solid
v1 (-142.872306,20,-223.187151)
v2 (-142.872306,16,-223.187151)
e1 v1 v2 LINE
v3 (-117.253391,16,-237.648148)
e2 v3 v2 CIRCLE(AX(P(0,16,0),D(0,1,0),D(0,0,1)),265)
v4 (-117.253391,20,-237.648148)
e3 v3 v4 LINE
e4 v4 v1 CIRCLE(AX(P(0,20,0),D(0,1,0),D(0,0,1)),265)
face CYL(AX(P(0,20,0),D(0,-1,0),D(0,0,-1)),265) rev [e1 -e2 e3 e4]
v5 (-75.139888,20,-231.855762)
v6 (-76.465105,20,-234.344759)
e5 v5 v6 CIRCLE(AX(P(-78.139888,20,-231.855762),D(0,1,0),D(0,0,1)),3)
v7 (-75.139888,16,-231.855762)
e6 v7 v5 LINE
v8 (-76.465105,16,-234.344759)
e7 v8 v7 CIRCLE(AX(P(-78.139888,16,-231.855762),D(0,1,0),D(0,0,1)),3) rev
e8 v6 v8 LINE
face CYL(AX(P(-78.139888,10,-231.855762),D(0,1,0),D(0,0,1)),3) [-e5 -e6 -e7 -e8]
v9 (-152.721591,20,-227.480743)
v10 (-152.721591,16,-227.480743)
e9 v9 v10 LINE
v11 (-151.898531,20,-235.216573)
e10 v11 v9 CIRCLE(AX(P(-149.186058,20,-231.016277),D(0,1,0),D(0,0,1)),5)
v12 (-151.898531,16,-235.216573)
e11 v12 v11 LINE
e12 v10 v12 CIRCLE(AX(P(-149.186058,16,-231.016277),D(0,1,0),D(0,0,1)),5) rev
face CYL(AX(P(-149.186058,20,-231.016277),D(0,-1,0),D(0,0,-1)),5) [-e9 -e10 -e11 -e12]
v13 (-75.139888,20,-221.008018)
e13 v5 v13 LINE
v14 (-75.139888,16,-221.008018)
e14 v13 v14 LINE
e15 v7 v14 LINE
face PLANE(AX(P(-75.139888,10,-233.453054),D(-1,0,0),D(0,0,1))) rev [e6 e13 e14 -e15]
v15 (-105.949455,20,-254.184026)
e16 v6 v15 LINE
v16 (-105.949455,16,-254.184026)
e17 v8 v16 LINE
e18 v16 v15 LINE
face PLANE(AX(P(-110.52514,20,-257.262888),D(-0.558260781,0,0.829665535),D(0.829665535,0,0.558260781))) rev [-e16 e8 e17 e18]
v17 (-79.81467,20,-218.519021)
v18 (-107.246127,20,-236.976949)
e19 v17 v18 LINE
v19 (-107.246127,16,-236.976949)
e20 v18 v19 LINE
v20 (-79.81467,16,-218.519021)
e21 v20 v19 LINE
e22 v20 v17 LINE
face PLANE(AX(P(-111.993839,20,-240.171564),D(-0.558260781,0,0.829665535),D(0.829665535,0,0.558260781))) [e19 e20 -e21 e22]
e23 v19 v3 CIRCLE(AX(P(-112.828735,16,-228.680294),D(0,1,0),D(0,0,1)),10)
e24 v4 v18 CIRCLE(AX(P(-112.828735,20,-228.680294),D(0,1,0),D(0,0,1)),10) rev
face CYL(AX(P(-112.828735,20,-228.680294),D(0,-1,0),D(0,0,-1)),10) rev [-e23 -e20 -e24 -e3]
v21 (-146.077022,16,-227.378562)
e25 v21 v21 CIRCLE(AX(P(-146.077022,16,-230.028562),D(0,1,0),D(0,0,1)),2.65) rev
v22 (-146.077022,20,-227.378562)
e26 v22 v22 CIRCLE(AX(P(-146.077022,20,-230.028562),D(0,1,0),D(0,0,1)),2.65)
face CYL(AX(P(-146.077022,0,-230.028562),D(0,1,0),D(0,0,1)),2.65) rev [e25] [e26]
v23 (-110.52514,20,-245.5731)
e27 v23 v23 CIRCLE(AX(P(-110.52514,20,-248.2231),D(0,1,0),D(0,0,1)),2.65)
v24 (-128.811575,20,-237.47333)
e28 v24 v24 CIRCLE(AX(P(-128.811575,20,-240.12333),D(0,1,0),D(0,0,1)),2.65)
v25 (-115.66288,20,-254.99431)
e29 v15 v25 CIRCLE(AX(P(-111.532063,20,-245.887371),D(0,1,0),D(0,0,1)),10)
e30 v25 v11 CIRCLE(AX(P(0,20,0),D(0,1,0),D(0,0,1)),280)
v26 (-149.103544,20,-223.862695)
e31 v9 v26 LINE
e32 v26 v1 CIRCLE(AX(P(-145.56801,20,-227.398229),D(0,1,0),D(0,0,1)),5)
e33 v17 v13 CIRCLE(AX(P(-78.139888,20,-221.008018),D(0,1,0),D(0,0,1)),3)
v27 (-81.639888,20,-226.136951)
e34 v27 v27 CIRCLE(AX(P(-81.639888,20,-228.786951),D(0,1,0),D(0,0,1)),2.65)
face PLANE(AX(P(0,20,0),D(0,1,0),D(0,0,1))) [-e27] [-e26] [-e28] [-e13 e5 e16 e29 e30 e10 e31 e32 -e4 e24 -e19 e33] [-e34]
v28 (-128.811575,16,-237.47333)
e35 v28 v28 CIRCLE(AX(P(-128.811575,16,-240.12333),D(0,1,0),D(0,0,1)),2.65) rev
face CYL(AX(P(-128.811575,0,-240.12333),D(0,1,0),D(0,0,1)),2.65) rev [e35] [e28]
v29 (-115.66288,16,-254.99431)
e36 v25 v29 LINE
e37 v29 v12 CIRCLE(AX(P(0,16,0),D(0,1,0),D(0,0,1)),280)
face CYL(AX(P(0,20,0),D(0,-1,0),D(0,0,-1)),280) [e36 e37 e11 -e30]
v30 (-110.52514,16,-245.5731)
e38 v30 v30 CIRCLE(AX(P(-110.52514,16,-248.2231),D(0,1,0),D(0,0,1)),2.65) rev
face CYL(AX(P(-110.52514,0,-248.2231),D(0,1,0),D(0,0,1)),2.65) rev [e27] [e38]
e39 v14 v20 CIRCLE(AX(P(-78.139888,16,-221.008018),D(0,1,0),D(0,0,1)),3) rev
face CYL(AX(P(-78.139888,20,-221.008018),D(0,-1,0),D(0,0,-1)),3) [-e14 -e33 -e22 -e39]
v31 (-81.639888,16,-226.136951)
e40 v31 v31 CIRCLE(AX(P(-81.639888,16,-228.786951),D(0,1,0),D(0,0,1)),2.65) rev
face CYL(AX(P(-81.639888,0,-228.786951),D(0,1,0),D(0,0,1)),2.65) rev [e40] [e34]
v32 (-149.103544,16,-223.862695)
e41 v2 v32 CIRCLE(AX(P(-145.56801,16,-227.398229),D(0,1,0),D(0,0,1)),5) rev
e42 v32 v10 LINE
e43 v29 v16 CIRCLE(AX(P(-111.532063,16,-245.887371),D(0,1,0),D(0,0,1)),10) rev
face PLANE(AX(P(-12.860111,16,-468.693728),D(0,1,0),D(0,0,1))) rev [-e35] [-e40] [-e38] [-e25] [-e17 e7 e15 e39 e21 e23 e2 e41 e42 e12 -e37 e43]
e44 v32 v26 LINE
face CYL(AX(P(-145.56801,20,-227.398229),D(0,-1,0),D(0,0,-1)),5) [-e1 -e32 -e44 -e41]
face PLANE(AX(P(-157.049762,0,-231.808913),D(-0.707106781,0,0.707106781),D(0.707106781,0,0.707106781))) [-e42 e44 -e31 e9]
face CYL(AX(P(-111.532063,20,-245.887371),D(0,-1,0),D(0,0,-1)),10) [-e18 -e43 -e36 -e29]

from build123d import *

# Parameters (mm, degrees)
SKETCH_1_R               = 275
SKETCH_1_R_2             = 255
EXTRUDE_1_DEPTH          = 10
EXTRUDE_2_DEPTH          = 10
SKETCH_8_R               = 2.65
CUT_EXTRUDE_1_DEPTH      = 21
SKETCH_9_OUTSIDE_W       = 707.614
SKETCH_9_OUTSIDE_H       = 707.614
CUT_EXTRUDE_2_DEPTH      = 21
SKETCH_10_W              = 90.654248201
SKETCH_10_H              = 12
CUT_EXTRUDE_3_DEPTH      = 519.420037555
CUT_EXTRUDE_3_DEPTH_BACK = 245.939436413
FILLET_1_R               = 3
FILLET_2_R               = 10
FILLET_3_R               = 5
SKETCH_11_W              = 550
SKETCH_11_H              = 20
CUT_EXTRUDE_4_DEPTH      = 519.420037555
CUT_EXTRUDE_4_DEPTH_BACK = 245.939436413
CUT_EXTRUDE_5_DEPTH      = 11
FILLET_4_R               = 3


with BuildPart() as part:
    # 草图1 → 凸台-拉伸1 (new body)
    with BuildSketch(Plane(origin=(0, 0, 0), x_dir=(1, 0, 0), z_dir=(0, 1, 0))):
        Circle(SKETCH_1_R)
        Circle(SKETCH_1_R_2, mode=Mode.SUBTRACT)
    extrude(amount=EXTRUDE_1_DEPTH)

    # 草图11 → 切除-拉伸4 (cut, two sides)
    with BuildSketch(Plane(origin=(76.33674701, 0, -113.448714652), x_dir=(0.829665535, 0, 0.558260781), z_dir=(-0.558260781, 0, 0.829665535))) as cut_extrude_4_sk:
        Rectangle(SKETCH_11_W, SKETCH_11_H)
    extrude(amount=CUT_EXTRUDE_4_DEPTH, mode=Mode.SUBTRACT)
    extrude(cut_extrude_4_sk.sketch, amount=-CUT_EXTRUDE_4_DEPTH_BACK, mode=Mode.SUBTRACT)


with BuildPart() as body_2:
    # 草图2 → 凸台-拉伸2 (new body)
    with BuildSketch(Plane(origin=(0, 10, 0), x_dir=(1, 0, 0), z_dir=(0, 1, 0))):
        with BuildLine():
            Line((-110.525139894, 257.262887824), (-25.423255477, 200))
            Line((-25.423255477, 200), (0, 200))
            Line((0, 200), (25.423255477, 200))
            Line((25.423255477, 200), (110.525139894, 257.262887824))
            ThreePointArc((110.525139894, 257.262887824), (197.989898732, 197.989898732), (257.262887824, 110.525139894))
            Line((257.262887824, 110.525139894), (200, 25.423255477))
            Line((200, 25.423255477), (200, 0))
            Line((200, 0), (200, -25.423255477))
            Line((200, -25.423255477), (257.262887824, -110.525139894))
            ThreePointArc((257.262887824, -110.525139894), (197.989898732, -197.989898732), (110.525139894, -257.262887824))
            Line((110.525139894, -257.262887824), (25.423255477, -200))
            Line((25.423255477, -200), (0, -200))
            Line((0, -200), (-25.423255477, -200))
            Line((-25.423255477, -200), (-110.525139894, -257.262887824))
            ThreePointArc((-110.525139894, -257.262887824), (-197.989898732, -197.989898732), (-257.262887824, -110.525139894))
            Line((-257.262887824, -110.525139894), (-200, -25.423255477))
            Line((-200, -25.423255477), (-200, 25.423255477))
            Line((-200, 25.423255477), (-257.262887824, 110.525139894))
            ThreePointArc((-257.262887824, 110.525139894), (-197.989898732, 197.989898732), (-110.525139894, 257.262887824))
        make_face()
        with BuildLine():
            Line((0, 185), (30, 185))
            Line((30, 185), (111.993839361, 240.171563565))
            ThreePointArc((111.993839361, 240.171563565), (187.383297014, 187.383297014), (240.171563565, 111.993839361))
            Line((240.171563565, 111.993839361), (185, 30))
            Line((185, 30), (185, 0))
            Line((185, 0), (185, -30))
            Line((185, -30), (240.171563565, -111.993839361))
            ThreePointArc((240.171563565, -111.993839361), (187.383297014, -187.383297014), (111.993839361, -240.171563565))
            Line((111.993839361, -240.171563565), (30, -185))
            Line((30, -185), (0, -185))
            Line((0, -185), (-30, -185))
            Line((-30, -185), (-111.993839361, -240.171563565))
            ThreePointArc((-111.993839361, -240.171563565), (-187.383297014, -187.383297014), (-240.171563565, -111.993839361))
            Line((-240.171563565, -111.993839361), (-185, -30))
            Line((-185, -30), (-185, 30))
            Line((-185, 30), (-240.171563565, 111.993839361))
            ThreePointArc((-240.171563565, 111.993839361), (-187.383297014, 187.383297014), (-111.993839361, 240.171563565))
            Line((-111.993839361, 240.171563565), (-30, 185))
            Line((-30, 185), (0, 185))
        make_face(mode=Mode.SUBTRACT)
    extrude(amount=EXTRUDE_2_DEPTH)

    # 草图8 → 切除-拉伸1 (cut, through all)
    with BuildSketch(Plane(origin=(0, 20, 0), x_dir=(1, 0, 0), z_dir=(0, 1, 0))):
        with Locations((-10, 192.5)):
            Circle(SKETCH_8_R)
        with Locations((10, 192.5)):
            Circle(SKETCH_8_R)
        with Locations((-10, -192.5)):
            Circle(SKETCH_8_R)
        with Locations((10, -192.5)):
            Circle(SKETCH_8_R)
        with Locations((192.5, 10)):
            Circle(SKETCH_8_R)
        with Locations((192.5, -10)):
            Circle(SKETCH_8_R)
        with Locations((-192.5, 10)):
            Circle(SKETCH_8_R)
        with Locations((-192.5, -10)):
            Circle(SKETCH_8_R)
        with Locations((-110.525139894, 248.223100485)):
            Circle(SKETCH_8_R)
        with Locations((-27.711627738, 192.5)):
            Circle(SKETCH_8_R)
        with Locations((-44.304938442, 203.665215623)):
            Circle(SKETCH_8_R)
        with Locations((-56.749921469, 212.03912734)):
            Circle(SKETCH_8_R)
        with Locations((-69.194904497, 220.413039057)):
            Circle(SKETCH_8_R)
        with Locations((-81.639887524, 228.786950774)):
            Circle(SKETCH_8_R)
        with Locations((-146.077022117, 230.028561882)):
            Circle(SKETCH_8_R)
        with Locations((-164.415519771, 217.299729706)):
            Circle(SKETCH_8_R)
        with Locations((-183.638937552, 201.316607082)):
            Circle(SKETCH_8_R)
        with Locations((-201.316607082, 183.638937552)):
            Circle(SKETCH_8_R)
        with Locations((-217.299729706, 164.415519771)):
            Circle(SKETCH_8_R)
        with Locations((-230.028561882, 146.077022117)):
            Circle(SKETCH_8_R)
        with Locations((-128.811575358, 240.123330241)):
            Circle(SKETCH_8_R)
        with Locations((-240.123330241, 128.811575358)):
            Circle(SKETCH_8_R)
        with Locations((-228.786950774, 81.639887524)):
            Circle(SKETCH_8_R)
        with Locations((-220.413039057, 69.194904497)):
            Circle(SKETCH_8_R)
        with Locations((-212.03912734, 56.749921469)):
            Circle(SKETCH_8_R)
        with Locations((-203.665215623, 44.304938442)):
            Circle(SKETCH_8_R)
        with Locations((-192.5, 27.711627738)):
            Circle(SKETCH_8_R)
        with Locations((-248.223100485, 110.525139894)):
            Circle(SKETCH_8_R)
        with Locations((192.5, 27.711627738)):
            Circle(SKETCH_8_R)
        with Locations((248.223100485, 110.525139894)):
            Circle(SKETCH_8_R)
        with Locations((203.665215623, 44.304938442)):
            Circle(SKETCH_8_R)
        with Locations((212.03912734, 56.749921469)):
            Circle(SKETCH_8_R)
        with Locations((220.413039057, 69.194904497)):
            Circle(SKETCH_8_R)
        with Locations((228.786950774, 81.639887524)):
            Circle(SKETCH_8_R)
        with Locations((240.123330241, 128.811575358)):
            Circle(SKETCH_8_R)
        with Locations((230.028561882, 146.077022117)):
            Circle(SKETCH_8_R)
        with Locations((128.811575358, 240.123330241)):
            Circle(SKETCH_8_R)
        with Locations((201.316607082, 183.638937552)):
            Circle(SKETCH_8_R)
        with Locations((183.638937552, 201.316607082)):
            Circle(SKETCH_8_R)
        with Locations((164.415519771, 217.299729706)):
            Circle(SKETCH_8_R)
        with Locations((146.077022117, 230.028561882)):
            Circle(SKETCH_8_R)
        with Locations((81.639887524, 228.786950774)):
            Circle(SKETCH_8_R)
        with Locations((69.194904497, 220.413039057)):
            Circle(SKETCH_8_R)
        with Locations((56.749921469, 212.03912734)):
            Circle(SKETCH_8_R)
        with Locations((44.304938442, 203.665215623)):
            Circle(SKETCH_8_R)
        with Locations((110.525139894, 248.223100485)):
            Circle(SKETCH_8_R)
        with Locations((27.711627738, 192.5)):
            Circle(SKETCH_8_R)
        with Locations((217.299729706, 164.415519771)):
            Circle(SKETCH_8_R)
    extrude(amount=-CUT_EXTRUDE_1_DEPTH, mode=Mode.SUBTRACT)

    # 草图9 outside → 切除-拉伸2 (cut, through all)
    with BuildSketch(Plane(origin=(0, 20, 0), x_dir=(1, 0, 0), z_dir=(0, 1, 0))):
        Rectangle(SKETCH_9_OUTSIDE_W, SKETCH_9_OUTSIDE_H)
        with BuildLine():
            Line((-157.049761777, 231.808913387), (-146.237600169, 220.996751779))
            ThreePointArc((-146.237600169, 220.996751779), (-129.47118383, 231.218971016), (-111.993839361, 240.171563565))
            Line((-111.993839361, 240.171563565), (-64.194904497, 208.008879225))
            Line((-64.194904497, 208.008879225), (-64.194904497, 226.088453902))
            Line((-64.194904497, 226.088453902), (-110.525139894, 257.262887824))
            ThreePointArc((-110.525139894, 257.262887824), (-134.391436501, 245.639861983), (-157.049761777, 231.808913387))
        make_face(mode=Mode.SUBTRACT)
    extrude(amount=-CUT_EXTRUDE_2_DEPTH, mode=Mode.SUBTRACT)

    # 草图10 → 切除-拉伸3 (cut, two sides)
    with BuildSketch(Plane(origin=(76.33674701, 0, -113.448714652), x_dir=(0.829665535, 0, 0.558260781), z_dir=(-0.558260781, 0, 0.829665535))) as cut_extrude_3_sk:
        with Locations((-226.995793353, 10)):
            Rectangle(SKETCH_10_W, SKETCH_10_H)
    extrude(amount=CUT_EXTRUDE_3_DEPTH, mode=Mode.SUBTRACT)
    extrude(cut_extrude_3_sk.sketch, amount=-CUT_EXTRUDE_3_DEPTH_BACK, mode=Mode.SUBTRACT)

    # 圆角1
    fillet_1_edges = [body_2.edges().sort_by_distance(p)[0] for p in [
        (-64.194904497, 15, -208.008879225),
    ]]
    fillet(fillet_1_edges, radius=FILLET_1_R)

    # 圆角2
    fillet_2_edges = [body_2.edges().sort_by_distance(p)[0] for p in [
        (-110.525139894, 18, -257.262887824),
        (-111.993839361, 18, -240.171563565),
    ]]
    fillet(fillet_2_edges, radius=FILLET_2_R)

    # 圆角3
    fillet_3_edges = [body_2.edges().sort_by_distance(p)[0] for p in [
        (-157.049761777, 18, -231.808913387),
        (-146.237600169, 18, -220.996751779),
        (-64.194904497, 15, -226.088453902),
    ]]
    fillet(fillet_3_edges, radius=FILLET_3_R)

    # 草图12 → 切除-拉伸5 (cut, through all)
    with BuildSketch(Plane(origin=(0, 20, 0), x_dir=(1, 0, 0), z_dir=(0, 1, 0))):
        Polygon((-75.139887524, 233.453053871), (-75.139887524, 215.373479194), (-74.80041279, 205.67344135), (-60.747401583, 205.67344135), (-60.747401583, 233.453053871), align=None)
    extrude(amount=-CUT_EXTRUDE_5_DEPTH, mode=Mode.SUBTRACT)

    # 圆角4
    fillet_4_edges = [body_2.edges().sort_by_distance(p)[0] for p in [
        (-75.139887524, 18, -215.373479194),
        (-75.139887524, 18, -233.453053871),
    ]]
    fillet(fillet_4_edges, radius=FILLET_4_R)


solid = body_2.part
